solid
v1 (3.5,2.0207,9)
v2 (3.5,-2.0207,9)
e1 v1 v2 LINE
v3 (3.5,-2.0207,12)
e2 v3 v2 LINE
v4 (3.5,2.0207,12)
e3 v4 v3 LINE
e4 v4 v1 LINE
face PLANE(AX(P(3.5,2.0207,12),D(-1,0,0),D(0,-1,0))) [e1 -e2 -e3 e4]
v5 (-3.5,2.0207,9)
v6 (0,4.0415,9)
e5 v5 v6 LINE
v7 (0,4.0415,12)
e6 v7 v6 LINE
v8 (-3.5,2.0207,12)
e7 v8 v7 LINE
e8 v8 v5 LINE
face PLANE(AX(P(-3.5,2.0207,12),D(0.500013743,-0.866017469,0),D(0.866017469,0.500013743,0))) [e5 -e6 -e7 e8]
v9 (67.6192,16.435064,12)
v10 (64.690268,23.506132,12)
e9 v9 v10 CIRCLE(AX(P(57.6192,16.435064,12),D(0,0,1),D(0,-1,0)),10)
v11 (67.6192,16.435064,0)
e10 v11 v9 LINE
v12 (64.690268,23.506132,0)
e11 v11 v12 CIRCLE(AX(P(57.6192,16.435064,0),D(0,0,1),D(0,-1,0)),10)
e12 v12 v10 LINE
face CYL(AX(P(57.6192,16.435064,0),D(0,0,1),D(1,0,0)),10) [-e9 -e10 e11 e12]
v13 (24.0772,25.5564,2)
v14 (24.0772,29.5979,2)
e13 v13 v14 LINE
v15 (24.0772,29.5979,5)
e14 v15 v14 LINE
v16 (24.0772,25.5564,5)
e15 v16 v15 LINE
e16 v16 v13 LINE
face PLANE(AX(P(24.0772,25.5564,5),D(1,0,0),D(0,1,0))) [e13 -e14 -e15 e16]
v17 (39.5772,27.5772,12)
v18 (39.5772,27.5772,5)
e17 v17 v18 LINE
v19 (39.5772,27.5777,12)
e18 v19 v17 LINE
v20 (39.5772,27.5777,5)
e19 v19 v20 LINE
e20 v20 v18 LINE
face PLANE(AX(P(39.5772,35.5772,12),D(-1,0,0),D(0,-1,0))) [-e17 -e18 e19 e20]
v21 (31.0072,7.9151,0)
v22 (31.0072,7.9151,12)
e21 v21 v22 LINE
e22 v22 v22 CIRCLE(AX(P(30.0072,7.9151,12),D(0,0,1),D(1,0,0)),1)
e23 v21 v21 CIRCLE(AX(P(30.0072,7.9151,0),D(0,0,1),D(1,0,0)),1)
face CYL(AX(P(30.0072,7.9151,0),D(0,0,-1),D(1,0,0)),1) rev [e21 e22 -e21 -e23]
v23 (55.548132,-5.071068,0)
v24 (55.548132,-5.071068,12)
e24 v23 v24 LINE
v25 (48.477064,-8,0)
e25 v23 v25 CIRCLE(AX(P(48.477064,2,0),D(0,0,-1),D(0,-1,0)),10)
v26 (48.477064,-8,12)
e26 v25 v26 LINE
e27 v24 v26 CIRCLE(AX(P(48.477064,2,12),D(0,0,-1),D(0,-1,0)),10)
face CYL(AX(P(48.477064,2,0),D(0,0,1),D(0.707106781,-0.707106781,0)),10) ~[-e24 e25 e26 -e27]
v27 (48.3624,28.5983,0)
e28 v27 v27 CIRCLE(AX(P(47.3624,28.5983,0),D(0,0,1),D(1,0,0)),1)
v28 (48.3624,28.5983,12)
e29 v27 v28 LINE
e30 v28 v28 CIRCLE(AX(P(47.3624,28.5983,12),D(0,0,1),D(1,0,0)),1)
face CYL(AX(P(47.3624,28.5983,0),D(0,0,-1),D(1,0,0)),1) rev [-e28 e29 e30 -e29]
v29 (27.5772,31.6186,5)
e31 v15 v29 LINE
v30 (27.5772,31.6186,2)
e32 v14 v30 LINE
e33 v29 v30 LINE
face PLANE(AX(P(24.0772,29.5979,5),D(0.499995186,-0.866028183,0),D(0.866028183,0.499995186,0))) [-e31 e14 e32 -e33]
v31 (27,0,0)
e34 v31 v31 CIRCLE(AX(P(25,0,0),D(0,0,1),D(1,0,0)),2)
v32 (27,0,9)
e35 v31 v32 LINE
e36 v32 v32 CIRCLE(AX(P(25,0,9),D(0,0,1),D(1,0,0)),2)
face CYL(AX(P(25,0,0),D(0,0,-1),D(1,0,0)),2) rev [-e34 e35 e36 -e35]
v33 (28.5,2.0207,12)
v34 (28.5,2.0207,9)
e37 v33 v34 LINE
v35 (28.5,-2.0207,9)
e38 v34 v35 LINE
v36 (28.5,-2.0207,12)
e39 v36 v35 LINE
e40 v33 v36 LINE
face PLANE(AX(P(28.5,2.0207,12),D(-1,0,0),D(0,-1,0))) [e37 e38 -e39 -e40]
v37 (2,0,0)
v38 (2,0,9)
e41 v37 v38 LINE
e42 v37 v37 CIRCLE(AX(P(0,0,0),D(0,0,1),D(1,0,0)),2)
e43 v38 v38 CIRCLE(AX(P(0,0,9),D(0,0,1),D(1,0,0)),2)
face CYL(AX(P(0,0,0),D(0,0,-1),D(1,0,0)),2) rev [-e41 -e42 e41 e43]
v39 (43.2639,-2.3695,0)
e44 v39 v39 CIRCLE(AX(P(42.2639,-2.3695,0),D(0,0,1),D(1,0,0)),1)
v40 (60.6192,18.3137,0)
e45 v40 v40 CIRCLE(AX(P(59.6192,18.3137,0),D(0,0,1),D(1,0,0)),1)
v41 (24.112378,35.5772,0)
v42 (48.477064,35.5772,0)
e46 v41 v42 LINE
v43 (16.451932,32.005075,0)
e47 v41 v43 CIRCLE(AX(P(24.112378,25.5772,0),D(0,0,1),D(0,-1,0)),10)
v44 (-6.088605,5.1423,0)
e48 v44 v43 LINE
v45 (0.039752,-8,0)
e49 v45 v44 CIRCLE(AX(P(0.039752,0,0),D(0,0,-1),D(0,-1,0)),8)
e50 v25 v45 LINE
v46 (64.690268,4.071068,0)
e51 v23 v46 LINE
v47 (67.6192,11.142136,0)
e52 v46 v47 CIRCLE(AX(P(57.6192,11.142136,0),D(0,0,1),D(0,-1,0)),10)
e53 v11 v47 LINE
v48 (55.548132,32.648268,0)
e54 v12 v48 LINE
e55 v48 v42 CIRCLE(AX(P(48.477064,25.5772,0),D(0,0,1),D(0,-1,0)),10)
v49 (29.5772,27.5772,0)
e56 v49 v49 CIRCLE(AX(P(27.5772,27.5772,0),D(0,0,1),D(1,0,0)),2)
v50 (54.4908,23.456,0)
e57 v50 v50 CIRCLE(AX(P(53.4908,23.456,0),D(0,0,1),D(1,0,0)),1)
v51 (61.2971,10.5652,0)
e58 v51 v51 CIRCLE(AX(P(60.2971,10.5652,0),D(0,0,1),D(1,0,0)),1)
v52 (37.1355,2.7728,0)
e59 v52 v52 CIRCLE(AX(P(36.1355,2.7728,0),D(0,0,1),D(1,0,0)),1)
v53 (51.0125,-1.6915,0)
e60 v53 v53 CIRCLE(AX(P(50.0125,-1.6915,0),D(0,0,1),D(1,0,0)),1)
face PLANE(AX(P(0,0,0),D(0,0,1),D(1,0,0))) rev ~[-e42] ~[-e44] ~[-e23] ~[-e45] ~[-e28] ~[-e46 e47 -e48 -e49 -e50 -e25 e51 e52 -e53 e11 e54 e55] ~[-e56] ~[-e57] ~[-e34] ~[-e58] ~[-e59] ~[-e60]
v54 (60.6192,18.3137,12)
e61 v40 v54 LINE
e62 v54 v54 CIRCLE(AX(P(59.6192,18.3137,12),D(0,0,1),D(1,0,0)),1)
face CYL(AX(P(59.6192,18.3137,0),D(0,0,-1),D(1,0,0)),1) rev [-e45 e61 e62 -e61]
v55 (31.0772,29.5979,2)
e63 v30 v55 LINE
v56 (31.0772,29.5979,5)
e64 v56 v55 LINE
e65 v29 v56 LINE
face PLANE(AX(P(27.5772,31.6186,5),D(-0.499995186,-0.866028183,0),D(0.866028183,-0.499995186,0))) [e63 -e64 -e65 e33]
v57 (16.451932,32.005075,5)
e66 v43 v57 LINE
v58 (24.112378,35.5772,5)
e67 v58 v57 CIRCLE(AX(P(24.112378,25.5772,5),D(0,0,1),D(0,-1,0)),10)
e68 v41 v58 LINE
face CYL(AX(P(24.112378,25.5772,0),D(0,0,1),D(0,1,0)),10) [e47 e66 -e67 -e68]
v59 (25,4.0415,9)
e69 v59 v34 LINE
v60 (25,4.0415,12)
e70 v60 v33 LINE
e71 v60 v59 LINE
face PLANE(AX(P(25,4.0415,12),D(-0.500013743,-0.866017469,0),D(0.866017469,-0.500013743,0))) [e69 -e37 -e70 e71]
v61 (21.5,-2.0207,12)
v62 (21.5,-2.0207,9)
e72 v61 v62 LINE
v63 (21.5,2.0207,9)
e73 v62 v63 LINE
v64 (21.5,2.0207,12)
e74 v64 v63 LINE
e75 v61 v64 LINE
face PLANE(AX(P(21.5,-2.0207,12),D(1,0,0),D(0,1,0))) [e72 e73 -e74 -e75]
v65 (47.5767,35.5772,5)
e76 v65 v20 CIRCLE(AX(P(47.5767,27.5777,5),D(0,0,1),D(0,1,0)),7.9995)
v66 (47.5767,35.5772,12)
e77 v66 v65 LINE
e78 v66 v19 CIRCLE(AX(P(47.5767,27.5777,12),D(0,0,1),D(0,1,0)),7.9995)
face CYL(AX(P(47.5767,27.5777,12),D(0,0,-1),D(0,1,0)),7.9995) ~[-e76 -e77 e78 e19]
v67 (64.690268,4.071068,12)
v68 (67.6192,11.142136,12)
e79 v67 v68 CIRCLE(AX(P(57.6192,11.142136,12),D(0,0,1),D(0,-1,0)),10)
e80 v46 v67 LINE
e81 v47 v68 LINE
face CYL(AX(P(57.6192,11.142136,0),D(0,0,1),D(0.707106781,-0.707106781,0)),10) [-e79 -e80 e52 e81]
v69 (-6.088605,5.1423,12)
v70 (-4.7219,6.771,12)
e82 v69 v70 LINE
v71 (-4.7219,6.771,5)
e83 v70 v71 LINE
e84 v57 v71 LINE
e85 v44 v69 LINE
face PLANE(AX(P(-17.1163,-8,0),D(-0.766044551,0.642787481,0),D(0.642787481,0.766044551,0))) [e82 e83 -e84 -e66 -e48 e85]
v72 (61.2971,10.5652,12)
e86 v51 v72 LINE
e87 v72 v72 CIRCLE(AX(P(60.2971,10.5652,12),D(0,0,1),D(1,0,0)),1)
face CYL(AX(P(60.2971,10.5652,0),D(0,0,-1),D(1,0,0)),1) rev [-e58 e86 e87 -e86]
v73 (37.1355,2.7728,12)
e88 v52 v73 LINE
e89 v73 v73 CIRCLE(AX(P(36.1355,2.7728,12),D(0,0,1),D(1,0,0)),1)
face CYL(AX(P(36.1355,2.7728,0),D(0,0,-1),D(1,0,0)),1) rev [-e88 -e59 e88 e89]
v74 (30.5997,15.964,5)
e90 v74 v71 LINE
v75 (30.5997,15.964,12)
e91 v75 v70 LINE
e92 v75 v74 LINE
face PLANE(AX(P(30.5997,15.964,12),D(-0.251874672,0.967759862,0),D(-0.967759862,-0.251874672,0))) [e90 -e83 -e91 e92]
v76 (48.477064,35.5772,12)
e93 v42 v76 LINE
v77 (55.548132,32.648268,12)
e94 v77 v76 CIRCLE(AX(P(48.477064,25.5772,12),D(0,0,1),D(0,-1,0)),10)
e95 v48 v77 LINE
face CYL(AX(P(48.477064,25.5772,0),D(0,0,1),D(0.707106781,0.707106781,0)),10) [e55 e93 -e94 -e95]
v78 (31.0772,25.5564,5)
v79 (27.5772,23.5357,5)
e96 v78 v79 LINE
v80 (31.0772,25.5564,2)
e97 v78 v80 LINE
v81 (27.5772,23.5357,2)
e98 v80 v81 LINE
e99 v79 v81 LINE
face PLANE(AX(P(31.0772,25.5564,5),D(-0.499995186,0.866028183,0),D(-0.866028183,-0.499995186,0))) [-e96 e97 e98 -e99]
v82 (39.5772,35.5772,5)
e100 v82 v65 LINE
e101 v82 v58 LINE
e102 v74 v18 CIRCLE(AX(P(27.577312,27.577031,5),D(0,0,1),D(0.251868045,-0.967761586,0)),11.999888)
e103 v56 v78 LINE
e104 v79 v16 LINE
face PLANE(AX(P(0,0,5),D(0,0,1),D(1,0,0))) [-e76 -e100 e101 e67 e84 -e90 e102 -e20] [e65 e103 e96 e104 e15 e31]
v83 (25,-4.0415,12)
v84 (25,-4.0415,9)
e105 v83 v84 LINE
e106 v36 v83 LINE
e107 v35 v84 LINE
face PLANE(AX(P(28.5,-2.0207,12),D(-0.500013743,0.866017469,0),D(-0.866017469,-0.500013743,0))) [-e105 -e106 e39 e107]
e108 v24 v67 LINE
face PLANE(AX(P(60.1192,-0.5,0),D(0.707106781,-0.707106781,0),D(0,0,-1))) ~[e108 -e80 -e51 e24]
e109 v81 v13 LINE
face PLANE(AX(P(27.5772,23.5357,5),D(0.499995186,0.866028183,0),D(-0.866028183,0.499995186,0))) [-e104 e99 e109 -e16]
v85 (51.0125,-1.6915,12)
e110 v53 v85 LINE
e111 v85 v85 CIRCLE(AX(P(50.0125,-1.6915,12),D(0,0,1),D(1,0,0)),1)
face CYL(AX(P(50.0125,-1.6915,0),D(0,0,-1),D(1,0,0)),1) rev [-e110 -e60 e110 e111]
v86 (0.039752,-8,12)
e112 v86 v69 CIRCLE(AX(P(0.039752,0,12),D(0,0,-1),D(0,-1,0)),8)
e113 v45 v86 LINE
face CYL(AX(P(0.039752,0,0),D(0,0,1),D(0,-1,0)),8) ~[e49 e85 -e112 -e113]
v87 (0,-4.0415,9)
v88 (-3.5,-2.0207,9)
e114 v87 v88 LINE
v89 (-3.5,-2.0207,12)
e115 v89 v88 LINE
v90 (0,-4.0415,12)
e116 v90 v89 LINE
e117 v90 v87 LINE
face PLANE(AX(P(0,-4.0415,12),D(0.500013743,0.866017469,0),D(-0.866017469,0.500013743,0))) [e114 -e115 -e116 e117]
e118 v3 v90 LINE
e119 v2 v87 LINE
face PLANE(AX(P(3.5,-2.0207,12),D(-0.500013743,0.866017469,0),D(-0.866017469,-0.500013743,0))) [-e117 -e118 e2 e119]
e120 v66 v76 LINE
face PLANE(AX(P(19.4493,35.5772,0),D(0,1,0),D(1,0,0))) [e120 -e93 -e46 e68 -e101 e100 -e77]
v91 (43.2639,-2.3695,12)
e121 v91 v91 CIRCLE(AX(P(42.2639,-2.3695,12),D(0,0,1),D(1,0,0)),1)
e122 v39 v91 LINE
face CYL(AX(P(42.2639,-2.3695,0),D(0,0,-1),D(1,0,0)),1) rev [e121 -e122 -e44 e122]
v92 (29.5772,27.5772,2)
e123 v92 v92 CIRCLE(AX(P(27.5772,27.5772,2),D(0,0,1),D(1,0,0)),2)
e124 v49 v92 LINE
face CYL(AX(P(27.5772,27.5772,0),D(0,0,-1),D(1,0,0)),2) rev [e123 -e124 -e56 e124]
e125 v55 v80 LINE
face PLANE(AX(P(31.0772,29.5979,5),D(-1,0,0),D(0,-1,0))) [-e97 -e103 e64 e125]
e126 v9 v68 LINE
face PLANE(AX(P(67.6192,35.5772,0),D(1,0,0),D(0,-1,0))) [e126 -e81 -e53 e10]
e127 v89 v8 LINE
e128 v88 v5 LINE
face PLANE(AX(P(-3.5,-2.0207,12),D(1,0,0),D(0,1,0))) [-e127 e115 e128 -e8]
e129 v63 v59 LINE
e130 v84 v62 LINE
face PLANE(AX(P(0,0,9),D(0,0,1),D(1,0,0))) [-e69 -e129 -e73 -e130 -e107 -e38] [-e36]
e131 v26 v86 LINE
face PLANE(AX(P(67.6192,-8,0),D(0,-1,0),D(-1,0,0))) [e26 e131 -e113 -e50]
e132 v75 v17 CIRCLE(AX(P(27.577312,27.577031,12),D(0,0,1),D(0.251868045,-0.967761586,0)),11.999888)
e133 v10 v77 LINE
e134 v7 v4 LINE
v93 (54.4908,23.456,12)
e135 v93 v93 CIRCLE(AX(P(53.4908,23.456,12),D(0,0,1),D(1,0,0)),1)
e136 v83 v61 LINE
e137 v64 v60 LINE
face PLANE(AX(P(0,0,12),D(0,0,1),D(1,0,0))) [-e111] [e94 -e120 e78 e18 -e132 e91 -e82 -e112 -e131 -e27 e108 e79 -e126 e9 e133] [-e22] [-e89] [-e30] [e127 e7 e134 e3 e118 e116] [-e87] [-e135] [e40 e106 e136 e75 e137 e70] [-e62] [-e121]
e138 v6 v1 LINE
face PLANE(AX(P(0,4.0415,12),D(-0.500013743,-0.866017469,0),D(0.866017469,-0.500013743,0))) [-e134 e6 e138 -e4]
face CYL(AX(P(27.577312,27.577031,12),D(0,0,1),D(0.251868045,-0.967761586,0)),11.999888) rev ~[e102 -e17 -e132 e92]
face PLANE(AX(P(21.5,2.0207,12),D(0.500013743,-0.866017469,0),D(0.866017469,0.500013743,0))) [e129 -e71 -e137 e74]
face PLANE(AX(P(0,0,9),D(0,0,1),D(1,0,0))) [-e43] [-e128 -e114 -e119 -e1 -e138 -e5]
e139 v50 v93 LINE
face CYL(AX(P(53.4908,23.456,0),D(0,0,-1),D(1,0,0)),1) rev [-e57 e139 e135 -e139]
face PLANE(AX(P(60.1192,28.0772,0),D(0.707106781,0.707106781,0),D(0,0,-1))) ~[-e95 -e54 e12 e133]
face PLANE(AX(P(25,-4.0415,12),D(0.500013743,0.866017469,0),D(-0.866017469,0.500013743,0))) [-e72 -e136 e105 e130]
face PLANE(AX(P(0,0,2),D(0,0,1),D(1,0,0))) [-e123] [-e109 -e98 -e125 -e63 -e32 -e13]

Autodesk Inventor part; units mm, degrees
ref_plane "YZ Plane" through (0, 0, 0) normal (1, 0, 0) x (0, 1, 0)
ref_plane "XZ Plane" through (0, 0, 0) normal (0, 1, 0) x (-1, 0, 0)
ref_plane "XY Plane" through (0, 0, 0) normal (0, 0, 1) x (1, 0, 0)
sketch "Esquisse1" plane through (0, 0, 0) normal (0, 0, 1) x (1, 0, 0)
  circle A0 centre (0, 0) radius 2
  line L0 (0, 0) -> (46.5696, 0) construction
  line L1 (0, 0) -> (27.5772, 27.5772) construction
  circle A1 centre (27.5772, 27.5772) radius 2
  line L2 (27.5772, 27.5772) -> (55.1548, 4.4368) construction
  line L3 (27.5772, 27.5772) -> (45.4581, 27.5772) construction
  line L4 (0, 0) -> (0, -8) construction
  line L5 (0, 0) -> (-5.6569, 5.6569) construction
  line L6 (27.5772, 27.5772) -> (27.5772, 35.5772) construction
  line L7 (27.5772, 27.5772) -> (36.2548, 37.9188) construction
  line L8 (36.2548, 37.9188) -> (41.2341, 33.7406) construction
  line L9 (41.2341, 33.7406) -> (47.3624, 28.5983) construction
  line L10 (47.3624, 28.5983) -> (53.4908, 23.456) construction
  line L11 (53.4908, 23.456) -> (59.6192, 18.3137) construction
  line L12 (55.1548, 4.4368) -> (60.2971, 10.5652) construction
  circle A2 centre (41.2341, 33.7406) radius 1 construction
  circle A3 centre (47.3624, 28.5983) radius 1
  circle A4 centre (53.4908, 23.456) radius 1
  circle A5 centre (59.6192, 18.3137) radius 1
  circle A6 centre (60.2971, 10.5652) radius 1
  line L13 (59.6192, 18.3137) -> (67.6192, 18.3137) construction
  line L14 (67.6192, 35.5772) -> (67.6192, -8)
  line L15 (67.6192, -8) -> (-17.1163, -8)
  line L16 (-17.1163, -8) -> (19.4493, 35.5772)
  line L17 (19.4493, 35.5772) -> (67.6192, 35.5772)
  circle A7 centre (23.8788, 13.0574) radius 1 construction
  circle A8 centre (30.0072, 7.9151) radius 1
  circle A9 centre (36.1355, 2.7728) radius 1
  circle A10 centre (42.2639, -2.3695) radius 1
  circle A11 centre (50.0125, -1.6915) radius 1
  line L18 (0, 0) -> (25, 0) construction
  circle A12 centre (25, 0) radius 2
  dimension "d0" = 4
  dimension "d1" = 39
  dimension "d2" = 45
  dimension "d3" = 36
  dimension "d4" = 40
  dimension "d5" = 8
  dimension "d6" = 8
  dimension "d7" = 8
  dimension "d8" = 13.5
  dimension "d9" = 6.5
  dimension "d10" = 8
  dimension "d11" = 8
  dimension "d12" = 8
  dimension "d13" = 8
  dimension "d14" = 2
  dimension "d15" = 8
  dimension "d16" = 25
extrude "Extrusion1" add sketch "Esquisse1" along normal blind 12
sketch "Esquisse4" plane through (0, 0, 12) normal (0, 0, 1) x (1, 0, 0)
  circle A0 centre (27.5772, 27.5772) radius 2 projected
  circle A1 centre (0, 0) radius 2 projected
  line L0 (67.6192, 35.5772) -> (19.4493, 35.5772) projected
  line L1 (19.4493, 35.5772) -> (-17.1163, -8) projected
  circle A2 centre (27.5772, 27.5772) radius 12 construction
  line L2 (39.5772, 35.5772) -> (39.5772, 27.5772)
  line L3 (30.5997, 15.964) -> (-4.7219, 6.771)
  arc A3 (30.5997, 15.964) -> (39.5772, 27.5772) centre (27.5772, 27.5772) ccw
  line L4 (-17.1163, -8) -> (67.6192, -8) projected
  line L5 (0, 0) -> (0, 8) construction
  dimension "d42" = 24
  dimension "d51" = 8
extrude "Extrusion4" cut sketch "Esquisse4" against normal blind 7 contours L2 A3 L3 L1 L0
sketch "Esquisse5" plane through (0, 0, 12) normal (0, 0, 1) x (1, 0, 0)
  line L0 (67.6192, -8) -> (67.6192, 35.5772) projected
  circle A0 centre (0, 0) radius 2 projected
  circle A1 centre (25, 0) radius 2 projected
  line L1 (28.5, -2.0207) -> (25, -4.0415)
  line L2 (25, -4.0415) -> (21.5, -2.0207)
  line L3 (21.5, -2.0207) -> (21.5, 2.0207)
  line L4 (21.5, 2.0207) -> (25, 4.0415)
  line L5 (25, 4.0415) -> (28.5, 2.0207)
  line L6 (28.5, 2.0207) -> (28.5, -2.0207)
  line L7 (3.5, -2.0207) -> (0, -4.0415)
  line L8 (0, -4.0415) -> (-3.5, -2.0207)
  line L9 (-3.5, -2.0207) -> (-3.5, 2.0207)
  line L10 (-3.5, 2.0207) -> (0, 4.0415)
  line L11 (0, 4.0415) -> (3.5, 2.0207)
  line L12 (3.5, 2.0207) -> (3.5, -2.0207)
  line L13 (21.5, 2.0207) -> (28.5, 2.0207) construction
  dimension "d46" = 7
extrude "Extrusion5" cut sketch "Esquisse5" against normal blind 3
sketch "Esquisse6" plane through (0, 0, 5) normal (0, 0, 1) x (1, 0, 0)
  circle A0 centre (27.5772, 27.5772) radius 2 projected
  arc A1 (30.5997, 15.964) -> (39.5772, 27.5772) centre (27.5772, 27.5772) ccw projected
  line L0 (31.0772, 29.5979) -> (31.0772, 25.5564)
  line L1 (31.0772, 25.5564) -> (27.5772, 23.5357)
  line L2 (27.5772, 23.5357) -> (24.0772, 25.5564)
  line L3 (24.0772, 25.5564) -> (24.0772, 29.5979)
  line L4 (24.0772, 29.5979) -> (27.5772, 31.6186)
  line L5 (27.5772, 31.6186) -> (31.0772, 29.5979)
  line L6 (67.6192, -8) -> (67.6192, 35.5772) projected
  line L7 (0, 4.0415) -> (3.5, 2.0207) projected
  point P0 (0, 0)
extrude "Extrusion6" cut sketch "Esquisse6" against normal blind 3
fillet "Congé10" radius 8 1 edges at (-17.1163, -8, 6)
chamfer "Chanfrein3" distance 15 angle 45 1 edges at (67.6192, -8, 6)
chamfer "Chanfrein4" distance 15 angle 45 1 edges at (67.6192, 35.5772, 6)
fillet "Congé11" radius 10 1 edges at (52.6192, -8, 6)
fillet "Congé12" radius 10 1 edges at (67.6192, 7, 6)
fillet "Congé13" radius 10 1 edges at (67.6192, 20.5772, 6)
fillet "Congé14" radius 10 1 edges at (52.6192, 35.5772, 6)
fillet "Congé15" radius 10 1 edges at (19.4493, 35.5772, 2.5)
fillet "Congé16" radius 8 1 edges at (39.5772, 35.5772, 8.5)
properties part number "joint1right+ax12imprint_v3"
